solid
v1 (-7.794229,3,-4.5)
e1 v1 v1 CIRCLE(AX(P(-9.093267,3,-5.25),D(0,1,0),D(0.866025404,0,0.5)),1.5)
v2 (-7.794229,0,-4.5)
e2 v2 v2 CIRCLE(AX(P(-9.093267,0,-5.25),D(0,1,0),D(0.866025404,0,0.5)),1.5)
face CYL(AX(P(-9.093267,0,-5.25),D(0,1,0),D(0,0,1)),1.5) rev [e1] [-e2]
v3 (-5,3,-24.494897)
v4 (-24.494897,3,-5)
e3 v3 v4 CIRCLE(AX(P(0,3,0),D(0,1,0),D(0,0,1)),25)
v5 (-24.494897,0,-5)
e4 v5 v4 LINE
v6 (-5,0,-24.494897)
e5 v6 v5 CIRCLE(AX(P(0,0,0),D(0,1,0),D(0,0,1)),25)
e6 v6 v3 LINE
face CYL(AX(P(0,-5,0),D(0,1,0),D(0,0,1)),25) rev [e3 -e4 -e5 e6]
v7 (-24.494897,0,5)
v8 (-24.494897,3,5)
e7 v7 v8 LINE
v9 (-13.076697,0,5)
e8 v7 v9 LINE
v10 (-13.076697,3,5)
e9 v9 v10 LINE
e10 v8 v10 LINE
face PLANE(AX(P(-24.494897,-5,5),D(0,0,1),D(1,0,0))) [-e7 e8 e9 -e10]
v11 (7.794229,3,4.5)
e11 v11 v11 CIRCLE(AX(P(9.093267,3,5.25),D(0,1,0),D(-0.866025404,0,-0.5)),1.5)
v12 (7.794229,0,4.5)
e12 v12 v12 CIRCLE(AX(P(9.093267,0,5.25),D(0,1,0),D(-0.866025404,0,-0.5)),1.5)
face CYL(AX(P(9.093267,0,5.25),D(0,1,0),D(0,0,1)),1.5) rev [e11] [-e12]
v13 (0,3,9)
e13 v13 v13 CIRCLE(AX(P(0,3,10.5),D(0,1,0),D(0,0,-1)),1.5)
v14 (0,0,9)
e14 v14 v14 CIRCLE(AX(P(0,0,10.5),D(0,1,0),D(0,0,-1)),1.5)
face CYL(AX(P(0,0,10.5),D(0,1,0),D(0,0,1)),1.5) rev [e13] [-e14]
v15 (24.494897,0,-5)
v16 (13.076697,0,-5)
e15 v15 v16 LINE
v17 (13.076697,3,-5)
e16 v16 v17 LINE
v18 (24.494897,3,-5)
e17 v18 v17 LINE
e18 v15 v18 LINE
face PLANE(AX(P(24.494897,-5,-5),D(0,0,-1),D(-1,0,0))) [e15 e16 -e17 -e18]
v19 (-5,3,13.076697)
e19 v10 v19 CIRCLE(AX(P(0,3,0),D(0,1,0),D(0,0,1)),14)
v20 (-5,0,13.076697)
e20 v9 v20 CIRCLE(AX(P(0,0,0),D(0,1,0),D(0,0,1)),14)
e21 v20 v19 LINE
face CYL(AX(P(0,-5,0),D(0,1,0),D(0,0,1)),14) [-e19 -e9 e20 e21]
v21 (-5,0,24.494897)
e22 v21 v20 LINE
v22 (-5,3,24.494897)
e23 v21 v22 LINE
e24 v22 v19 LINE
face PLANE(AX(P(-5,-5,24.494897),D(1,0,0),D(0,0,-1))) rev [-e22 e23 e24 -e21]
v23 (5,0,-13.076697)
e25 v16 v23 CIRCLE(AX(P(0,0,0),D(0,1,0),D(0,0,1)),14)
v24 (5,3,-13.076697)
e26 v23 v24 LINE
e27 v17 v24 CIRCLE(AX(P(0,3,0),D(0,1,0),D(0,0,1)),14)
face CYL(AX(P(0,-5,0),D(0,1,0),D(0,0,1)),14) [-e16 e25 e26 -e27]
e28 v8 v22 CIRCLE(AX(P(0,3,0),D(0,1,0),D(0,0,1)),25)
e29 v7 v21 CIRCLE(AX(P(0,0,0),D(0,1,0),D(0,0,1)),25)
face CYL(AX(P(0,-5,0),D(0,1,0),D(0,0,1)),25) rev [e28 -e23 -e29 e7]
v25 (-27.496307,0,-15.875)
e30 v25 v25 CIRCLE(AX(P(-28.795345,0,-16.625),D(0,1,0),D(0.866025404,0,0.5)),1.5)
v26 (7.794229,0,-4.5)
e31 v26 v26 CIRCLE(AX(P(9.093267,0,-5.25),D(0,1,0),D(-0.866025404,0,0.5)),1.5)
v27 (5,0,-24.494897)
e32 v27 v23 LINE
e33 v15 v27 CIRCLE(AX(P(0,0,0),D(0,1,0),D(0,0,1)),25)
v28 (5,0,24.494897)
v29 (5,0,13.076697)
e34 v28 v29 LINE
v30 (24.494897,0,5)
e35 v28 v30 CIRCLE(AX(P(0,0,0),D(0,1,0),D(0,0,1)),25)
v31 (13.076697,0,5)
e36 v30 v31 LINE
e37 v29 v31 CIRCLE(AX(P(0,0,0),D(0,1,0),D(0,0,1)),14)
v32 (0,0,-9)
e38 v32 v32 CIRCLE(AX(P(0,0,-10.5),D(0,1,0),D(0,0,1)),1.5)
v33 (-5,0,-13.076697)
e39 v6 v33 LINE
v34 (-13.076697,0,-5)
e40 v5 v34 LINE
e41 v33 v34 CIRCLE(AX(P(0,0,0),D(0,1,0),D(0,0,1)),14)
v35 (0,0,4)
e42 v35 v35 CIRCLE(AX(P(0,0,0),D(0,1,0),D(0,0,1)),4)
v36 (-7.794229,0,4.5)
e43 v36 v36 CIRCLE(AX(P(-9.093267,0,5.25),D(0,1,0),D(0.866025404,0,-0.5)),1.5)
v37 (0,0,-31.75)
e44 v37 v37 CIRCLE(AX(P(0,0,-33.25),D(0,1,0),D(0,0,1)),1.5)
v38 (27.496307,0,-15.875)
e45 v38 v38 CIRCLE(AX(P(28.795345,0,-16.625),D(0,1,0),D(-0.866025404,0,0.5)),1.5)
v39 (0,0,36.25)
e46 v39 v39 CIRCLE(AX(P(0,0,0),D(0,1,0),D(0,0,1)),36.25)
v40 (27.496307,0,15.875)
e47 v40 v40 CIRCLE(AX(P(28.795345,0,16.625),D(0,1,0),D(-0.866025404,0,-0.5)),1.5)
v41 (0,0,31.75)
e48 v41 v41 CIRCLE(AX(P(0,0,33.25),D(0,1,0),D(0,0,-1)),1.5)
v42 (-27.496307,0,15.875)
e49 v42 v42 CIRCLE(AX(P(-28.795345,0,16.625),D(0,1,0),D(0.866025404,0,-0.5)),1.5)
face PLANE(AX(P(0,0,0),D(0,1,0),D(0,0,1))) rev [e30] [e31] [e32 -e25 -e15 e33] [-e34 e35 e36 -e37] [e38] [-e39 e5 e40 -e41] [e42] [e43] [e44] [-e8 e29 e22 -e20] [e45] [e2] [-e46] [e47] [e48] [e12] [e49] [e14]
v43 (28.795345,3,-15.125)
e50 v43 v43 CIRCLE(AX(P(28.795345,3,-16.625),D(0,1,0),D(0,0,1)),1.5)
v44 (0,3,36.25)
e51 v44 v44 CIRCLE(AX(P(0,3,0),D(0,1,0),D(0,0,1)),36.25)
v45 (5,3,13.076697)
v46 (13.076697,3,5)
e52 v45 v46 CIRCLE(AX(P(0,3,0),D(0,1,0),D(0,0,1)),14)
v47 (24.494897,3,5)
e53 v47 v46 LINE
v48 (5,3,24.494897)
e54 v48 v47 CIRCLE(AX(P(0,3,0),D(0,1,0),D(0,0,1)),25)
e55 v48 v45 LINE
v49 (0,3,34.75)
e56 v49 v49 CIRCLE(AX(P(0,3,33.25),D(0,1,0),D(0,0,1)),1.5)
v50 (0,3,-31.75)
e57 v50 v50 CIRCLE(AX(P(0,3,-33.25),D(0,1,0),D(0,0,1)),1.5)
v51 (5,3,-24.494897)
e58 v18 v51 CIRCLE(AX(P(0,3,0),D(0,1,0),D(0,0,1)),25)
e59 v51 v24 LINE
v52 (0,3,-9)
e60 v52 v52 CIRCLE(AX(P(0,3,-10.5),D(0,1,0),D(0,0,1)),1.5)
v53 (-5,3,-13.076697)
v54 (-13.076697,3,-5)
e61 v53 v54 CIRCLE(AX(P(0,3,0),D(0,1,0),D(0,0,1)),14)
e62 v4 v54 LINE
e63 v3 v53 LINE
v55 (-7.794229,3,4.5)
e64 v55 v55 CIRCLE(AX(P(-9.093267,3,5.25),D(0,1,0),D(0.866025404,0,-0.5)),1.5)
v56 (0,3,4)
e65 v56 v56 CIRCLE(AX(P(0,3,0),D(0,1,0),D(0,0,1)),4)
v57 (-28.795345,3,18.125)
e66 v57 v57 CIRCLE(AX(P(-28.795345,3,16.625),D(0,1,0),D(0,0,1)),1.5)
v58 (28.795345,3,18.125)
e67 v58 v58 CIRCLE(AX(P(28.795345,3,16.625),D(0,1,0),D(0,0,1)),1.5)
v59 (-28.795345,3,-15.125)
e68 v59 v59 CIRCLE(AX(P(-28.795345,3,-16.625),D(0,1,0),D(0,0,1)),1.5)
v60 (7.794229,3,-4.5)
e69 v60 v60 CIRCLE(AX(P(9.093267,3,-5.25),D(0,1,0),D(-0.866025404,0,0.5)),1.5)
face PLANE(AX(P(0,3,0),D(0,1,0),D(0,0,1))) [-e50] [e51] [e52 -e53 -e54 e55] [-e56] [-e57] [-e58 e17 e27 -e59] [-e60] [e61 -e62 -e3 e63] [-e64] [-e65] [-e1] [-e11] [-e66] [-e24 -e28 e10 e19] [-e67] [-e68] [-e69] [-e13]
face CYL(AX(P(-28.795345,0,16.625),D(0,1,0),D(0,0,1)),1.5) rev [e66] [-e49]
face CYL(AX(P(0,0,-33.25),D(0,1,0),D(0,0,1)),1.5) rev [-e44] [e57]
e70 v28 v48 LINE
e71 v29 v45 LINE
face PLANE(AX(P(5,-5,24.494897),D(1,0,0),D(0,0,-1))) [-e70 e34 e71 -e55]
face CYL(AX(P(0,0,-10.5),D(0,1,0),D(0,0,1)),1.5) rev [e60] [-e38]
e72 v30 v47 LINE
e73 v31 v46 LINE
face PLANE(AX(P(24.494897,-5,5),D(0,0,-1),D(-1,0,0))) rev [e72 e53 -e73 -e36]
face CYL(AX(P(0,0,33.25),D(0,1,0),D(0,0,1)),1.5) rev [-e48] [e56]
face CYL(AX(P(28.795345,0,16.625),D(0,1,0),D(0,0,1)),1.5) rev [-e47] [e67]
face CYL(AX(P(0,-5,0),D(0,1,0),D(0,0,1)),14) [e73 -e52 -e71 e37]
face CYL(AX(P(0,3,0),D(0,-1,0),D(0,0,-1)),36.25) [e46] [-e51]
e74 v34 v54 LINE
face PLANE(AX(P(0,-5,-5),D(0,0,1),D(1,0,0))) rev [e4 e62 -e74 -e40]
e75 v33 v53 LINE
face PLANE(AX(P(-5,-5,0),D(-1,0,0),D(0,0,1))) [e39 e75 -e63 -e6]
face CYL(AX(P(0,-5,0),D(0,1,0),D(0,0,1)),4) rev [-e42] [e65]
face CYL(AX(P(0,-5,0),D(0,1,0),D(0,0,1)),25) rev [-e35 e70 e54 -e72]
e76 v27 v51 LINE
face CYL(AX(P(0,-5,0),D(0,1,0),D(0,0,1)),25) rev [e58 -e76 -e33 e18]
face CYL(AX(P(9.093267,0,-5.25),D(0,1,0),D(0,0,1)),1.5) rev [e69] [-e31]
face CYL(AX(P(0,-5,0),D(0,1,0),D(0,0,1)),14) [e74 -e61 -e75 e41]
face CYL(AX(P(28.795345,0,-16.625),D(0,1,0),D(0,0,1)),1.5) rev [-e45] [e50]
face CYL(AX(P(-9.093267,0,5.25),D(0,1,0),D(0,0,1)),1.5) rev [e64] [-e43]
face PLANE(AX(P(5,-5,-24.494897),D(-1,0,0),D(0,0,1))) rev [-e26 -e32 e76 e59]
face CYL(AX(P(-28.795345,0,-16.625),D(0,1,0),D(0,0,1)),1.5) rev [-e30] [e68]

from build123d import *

# Parameters (mm, degrees)
SKETCH1_R           = 36.25
BOSS_EXTRUDE1_DEPTH = 3
SKETCH2_R           = 1.5
CUT_EXTRUDE1_DEPTH  = 52.352945388
SKETCH3_R           = 4
CUT_EXTRUDE2_DEPTH  = 8
CIRPATTERN1_COUNT   = 6
SKETCH4_R           = 1.5
CUT_EXTRUDE3_DEPTH  = 52.352945388
CIRPATTERN2_COUNT   = 6


with BuildPart() as part:
    # Sketch1 → Boss-Extrude1 (new body)
    with BuildSketch(Plane(origin=(0, 0, 0), x_dir=(1, 0, 0), z_dir=(0, 1, 0))):
        Circle(SKETCH1_R)
    extrude(amount=BOSS_EXTRUDE1_DEPTH)

    # Sketch2 → Cut-Extrude1 (cut, symmetric)
    with BuildSketch(Plane(origin=(0, 3, 0), x_dir=(1, 0, 0), z_dir=(0, 1, 0))):
        with Locations((0, 33.25)):
            Circle(SKETCH2_R)
    cut_extrude1 = extrude(amount=CUT_EXTRUDE1_DEPTH, both=True, mode=Mode.SUBTRACT)

    # Sketch3 → Cut-Extrude2 (cut)
    with BuildSketch(Plane(origin=(0, 3, 0), x_dir=(1, 0, 0), z_dir=(0, 1, 0))):
        with BuildLine():
            Line((-5, 13.076696831), (-5, 24.494897428))
            ThreePointArc((-5, 24.494897428), (-17.67766953, 17.67766953), (-24.494897428, 5))
            Line((-24.494897428, 5), (-13.076696831, 5))
            ThreePointArc((-13.076696831, 5), (-9.899494937, 9.899494937), (-5, 13.076696831))
        make_face()
        with BuildLine():
            ThreePointArc((24.494897428, 5), (17.67766953, 17.67766953), (5, 24.494897428))
            Line((5, 24.494897428), (5, 13.076696831))
            ThreePointArc((5, 13.076696831), (9.899494937, 9.899494937), (13.076696831, 5))
            Line((13.076696831, 5), (24.494897428, 5))
        make_face()
        with BuildLine():
            ThreePointArc((5, -24.494897428), (17.67766953, -17.67766953), (24.494897428, -5))
            Line((24.494897428, -5), (13.076696831, -5))
            ThreePointArc((13.076696831, -5), (9.899494937, -9.899494937), (5, -13.076696831))
            Line((5, -13.076696831), (5, -24.494897428))
        make_face()
        with BuildLine():
            ThreePointArc((-24.494897428, -5), (-17.67766953, -17.67766953), (-5, -24.494897428))
            Line((-5, -24.494897428), (-5, -13.076696831))
            ThreePointArc((-5, -13.076696831), (-9.899494937, -9.899494937), (-13.076696831, -5))
            Line((-13.076696831, -5), (-24.494897428, -5))
        make_face()
        Circle(SKETCH3_R)
    extrude(amount=-CUT_EXTRUDE2_DEPTH, mode=Mode.SUBTRACT)

    # CirPattern1: Cut-Extrude1 ×6 about axis
    cirpattern1_axis = Axis((0, 3, 0), (0, -1, 0))
    for i in range(1, CIRPATTERN1_COUNT):
        add(cut_extrude1.rotate(cirpattern1_axis, i * 360 / CIRPATTERN1_COUNT), mode=Mode.SUBTRACT)

    # Sketch4 → Cut-Extrude3 (cut, through all)
    with BuildSketch(Plane(origin=(0, 3, 0), x_dir=(1, 0, 0), z_dir=(0, 1, 0))):
        with Locations((0, 10.5)):
            Circle(SKETCH4_R)
    cut_extrude3 = extrude(amount=-CUT_EXTRUDE3_DEPTH, mode=Mode.SUBTRACT)

    # CirPattern2: Cut-Extrude3 ×6 about axis
    cirpattern2_axis = Axis((0, 3, 0), (0, -1, 0))
    for i in range(1, CIRPATTERN2_COUNT):
        add(cut_extrude3.rotate(cirpattern2_axis, i * 360 / CIRPATTERN2_COUNT), mode=Mode.SUBTRACT)


solid = part.part
